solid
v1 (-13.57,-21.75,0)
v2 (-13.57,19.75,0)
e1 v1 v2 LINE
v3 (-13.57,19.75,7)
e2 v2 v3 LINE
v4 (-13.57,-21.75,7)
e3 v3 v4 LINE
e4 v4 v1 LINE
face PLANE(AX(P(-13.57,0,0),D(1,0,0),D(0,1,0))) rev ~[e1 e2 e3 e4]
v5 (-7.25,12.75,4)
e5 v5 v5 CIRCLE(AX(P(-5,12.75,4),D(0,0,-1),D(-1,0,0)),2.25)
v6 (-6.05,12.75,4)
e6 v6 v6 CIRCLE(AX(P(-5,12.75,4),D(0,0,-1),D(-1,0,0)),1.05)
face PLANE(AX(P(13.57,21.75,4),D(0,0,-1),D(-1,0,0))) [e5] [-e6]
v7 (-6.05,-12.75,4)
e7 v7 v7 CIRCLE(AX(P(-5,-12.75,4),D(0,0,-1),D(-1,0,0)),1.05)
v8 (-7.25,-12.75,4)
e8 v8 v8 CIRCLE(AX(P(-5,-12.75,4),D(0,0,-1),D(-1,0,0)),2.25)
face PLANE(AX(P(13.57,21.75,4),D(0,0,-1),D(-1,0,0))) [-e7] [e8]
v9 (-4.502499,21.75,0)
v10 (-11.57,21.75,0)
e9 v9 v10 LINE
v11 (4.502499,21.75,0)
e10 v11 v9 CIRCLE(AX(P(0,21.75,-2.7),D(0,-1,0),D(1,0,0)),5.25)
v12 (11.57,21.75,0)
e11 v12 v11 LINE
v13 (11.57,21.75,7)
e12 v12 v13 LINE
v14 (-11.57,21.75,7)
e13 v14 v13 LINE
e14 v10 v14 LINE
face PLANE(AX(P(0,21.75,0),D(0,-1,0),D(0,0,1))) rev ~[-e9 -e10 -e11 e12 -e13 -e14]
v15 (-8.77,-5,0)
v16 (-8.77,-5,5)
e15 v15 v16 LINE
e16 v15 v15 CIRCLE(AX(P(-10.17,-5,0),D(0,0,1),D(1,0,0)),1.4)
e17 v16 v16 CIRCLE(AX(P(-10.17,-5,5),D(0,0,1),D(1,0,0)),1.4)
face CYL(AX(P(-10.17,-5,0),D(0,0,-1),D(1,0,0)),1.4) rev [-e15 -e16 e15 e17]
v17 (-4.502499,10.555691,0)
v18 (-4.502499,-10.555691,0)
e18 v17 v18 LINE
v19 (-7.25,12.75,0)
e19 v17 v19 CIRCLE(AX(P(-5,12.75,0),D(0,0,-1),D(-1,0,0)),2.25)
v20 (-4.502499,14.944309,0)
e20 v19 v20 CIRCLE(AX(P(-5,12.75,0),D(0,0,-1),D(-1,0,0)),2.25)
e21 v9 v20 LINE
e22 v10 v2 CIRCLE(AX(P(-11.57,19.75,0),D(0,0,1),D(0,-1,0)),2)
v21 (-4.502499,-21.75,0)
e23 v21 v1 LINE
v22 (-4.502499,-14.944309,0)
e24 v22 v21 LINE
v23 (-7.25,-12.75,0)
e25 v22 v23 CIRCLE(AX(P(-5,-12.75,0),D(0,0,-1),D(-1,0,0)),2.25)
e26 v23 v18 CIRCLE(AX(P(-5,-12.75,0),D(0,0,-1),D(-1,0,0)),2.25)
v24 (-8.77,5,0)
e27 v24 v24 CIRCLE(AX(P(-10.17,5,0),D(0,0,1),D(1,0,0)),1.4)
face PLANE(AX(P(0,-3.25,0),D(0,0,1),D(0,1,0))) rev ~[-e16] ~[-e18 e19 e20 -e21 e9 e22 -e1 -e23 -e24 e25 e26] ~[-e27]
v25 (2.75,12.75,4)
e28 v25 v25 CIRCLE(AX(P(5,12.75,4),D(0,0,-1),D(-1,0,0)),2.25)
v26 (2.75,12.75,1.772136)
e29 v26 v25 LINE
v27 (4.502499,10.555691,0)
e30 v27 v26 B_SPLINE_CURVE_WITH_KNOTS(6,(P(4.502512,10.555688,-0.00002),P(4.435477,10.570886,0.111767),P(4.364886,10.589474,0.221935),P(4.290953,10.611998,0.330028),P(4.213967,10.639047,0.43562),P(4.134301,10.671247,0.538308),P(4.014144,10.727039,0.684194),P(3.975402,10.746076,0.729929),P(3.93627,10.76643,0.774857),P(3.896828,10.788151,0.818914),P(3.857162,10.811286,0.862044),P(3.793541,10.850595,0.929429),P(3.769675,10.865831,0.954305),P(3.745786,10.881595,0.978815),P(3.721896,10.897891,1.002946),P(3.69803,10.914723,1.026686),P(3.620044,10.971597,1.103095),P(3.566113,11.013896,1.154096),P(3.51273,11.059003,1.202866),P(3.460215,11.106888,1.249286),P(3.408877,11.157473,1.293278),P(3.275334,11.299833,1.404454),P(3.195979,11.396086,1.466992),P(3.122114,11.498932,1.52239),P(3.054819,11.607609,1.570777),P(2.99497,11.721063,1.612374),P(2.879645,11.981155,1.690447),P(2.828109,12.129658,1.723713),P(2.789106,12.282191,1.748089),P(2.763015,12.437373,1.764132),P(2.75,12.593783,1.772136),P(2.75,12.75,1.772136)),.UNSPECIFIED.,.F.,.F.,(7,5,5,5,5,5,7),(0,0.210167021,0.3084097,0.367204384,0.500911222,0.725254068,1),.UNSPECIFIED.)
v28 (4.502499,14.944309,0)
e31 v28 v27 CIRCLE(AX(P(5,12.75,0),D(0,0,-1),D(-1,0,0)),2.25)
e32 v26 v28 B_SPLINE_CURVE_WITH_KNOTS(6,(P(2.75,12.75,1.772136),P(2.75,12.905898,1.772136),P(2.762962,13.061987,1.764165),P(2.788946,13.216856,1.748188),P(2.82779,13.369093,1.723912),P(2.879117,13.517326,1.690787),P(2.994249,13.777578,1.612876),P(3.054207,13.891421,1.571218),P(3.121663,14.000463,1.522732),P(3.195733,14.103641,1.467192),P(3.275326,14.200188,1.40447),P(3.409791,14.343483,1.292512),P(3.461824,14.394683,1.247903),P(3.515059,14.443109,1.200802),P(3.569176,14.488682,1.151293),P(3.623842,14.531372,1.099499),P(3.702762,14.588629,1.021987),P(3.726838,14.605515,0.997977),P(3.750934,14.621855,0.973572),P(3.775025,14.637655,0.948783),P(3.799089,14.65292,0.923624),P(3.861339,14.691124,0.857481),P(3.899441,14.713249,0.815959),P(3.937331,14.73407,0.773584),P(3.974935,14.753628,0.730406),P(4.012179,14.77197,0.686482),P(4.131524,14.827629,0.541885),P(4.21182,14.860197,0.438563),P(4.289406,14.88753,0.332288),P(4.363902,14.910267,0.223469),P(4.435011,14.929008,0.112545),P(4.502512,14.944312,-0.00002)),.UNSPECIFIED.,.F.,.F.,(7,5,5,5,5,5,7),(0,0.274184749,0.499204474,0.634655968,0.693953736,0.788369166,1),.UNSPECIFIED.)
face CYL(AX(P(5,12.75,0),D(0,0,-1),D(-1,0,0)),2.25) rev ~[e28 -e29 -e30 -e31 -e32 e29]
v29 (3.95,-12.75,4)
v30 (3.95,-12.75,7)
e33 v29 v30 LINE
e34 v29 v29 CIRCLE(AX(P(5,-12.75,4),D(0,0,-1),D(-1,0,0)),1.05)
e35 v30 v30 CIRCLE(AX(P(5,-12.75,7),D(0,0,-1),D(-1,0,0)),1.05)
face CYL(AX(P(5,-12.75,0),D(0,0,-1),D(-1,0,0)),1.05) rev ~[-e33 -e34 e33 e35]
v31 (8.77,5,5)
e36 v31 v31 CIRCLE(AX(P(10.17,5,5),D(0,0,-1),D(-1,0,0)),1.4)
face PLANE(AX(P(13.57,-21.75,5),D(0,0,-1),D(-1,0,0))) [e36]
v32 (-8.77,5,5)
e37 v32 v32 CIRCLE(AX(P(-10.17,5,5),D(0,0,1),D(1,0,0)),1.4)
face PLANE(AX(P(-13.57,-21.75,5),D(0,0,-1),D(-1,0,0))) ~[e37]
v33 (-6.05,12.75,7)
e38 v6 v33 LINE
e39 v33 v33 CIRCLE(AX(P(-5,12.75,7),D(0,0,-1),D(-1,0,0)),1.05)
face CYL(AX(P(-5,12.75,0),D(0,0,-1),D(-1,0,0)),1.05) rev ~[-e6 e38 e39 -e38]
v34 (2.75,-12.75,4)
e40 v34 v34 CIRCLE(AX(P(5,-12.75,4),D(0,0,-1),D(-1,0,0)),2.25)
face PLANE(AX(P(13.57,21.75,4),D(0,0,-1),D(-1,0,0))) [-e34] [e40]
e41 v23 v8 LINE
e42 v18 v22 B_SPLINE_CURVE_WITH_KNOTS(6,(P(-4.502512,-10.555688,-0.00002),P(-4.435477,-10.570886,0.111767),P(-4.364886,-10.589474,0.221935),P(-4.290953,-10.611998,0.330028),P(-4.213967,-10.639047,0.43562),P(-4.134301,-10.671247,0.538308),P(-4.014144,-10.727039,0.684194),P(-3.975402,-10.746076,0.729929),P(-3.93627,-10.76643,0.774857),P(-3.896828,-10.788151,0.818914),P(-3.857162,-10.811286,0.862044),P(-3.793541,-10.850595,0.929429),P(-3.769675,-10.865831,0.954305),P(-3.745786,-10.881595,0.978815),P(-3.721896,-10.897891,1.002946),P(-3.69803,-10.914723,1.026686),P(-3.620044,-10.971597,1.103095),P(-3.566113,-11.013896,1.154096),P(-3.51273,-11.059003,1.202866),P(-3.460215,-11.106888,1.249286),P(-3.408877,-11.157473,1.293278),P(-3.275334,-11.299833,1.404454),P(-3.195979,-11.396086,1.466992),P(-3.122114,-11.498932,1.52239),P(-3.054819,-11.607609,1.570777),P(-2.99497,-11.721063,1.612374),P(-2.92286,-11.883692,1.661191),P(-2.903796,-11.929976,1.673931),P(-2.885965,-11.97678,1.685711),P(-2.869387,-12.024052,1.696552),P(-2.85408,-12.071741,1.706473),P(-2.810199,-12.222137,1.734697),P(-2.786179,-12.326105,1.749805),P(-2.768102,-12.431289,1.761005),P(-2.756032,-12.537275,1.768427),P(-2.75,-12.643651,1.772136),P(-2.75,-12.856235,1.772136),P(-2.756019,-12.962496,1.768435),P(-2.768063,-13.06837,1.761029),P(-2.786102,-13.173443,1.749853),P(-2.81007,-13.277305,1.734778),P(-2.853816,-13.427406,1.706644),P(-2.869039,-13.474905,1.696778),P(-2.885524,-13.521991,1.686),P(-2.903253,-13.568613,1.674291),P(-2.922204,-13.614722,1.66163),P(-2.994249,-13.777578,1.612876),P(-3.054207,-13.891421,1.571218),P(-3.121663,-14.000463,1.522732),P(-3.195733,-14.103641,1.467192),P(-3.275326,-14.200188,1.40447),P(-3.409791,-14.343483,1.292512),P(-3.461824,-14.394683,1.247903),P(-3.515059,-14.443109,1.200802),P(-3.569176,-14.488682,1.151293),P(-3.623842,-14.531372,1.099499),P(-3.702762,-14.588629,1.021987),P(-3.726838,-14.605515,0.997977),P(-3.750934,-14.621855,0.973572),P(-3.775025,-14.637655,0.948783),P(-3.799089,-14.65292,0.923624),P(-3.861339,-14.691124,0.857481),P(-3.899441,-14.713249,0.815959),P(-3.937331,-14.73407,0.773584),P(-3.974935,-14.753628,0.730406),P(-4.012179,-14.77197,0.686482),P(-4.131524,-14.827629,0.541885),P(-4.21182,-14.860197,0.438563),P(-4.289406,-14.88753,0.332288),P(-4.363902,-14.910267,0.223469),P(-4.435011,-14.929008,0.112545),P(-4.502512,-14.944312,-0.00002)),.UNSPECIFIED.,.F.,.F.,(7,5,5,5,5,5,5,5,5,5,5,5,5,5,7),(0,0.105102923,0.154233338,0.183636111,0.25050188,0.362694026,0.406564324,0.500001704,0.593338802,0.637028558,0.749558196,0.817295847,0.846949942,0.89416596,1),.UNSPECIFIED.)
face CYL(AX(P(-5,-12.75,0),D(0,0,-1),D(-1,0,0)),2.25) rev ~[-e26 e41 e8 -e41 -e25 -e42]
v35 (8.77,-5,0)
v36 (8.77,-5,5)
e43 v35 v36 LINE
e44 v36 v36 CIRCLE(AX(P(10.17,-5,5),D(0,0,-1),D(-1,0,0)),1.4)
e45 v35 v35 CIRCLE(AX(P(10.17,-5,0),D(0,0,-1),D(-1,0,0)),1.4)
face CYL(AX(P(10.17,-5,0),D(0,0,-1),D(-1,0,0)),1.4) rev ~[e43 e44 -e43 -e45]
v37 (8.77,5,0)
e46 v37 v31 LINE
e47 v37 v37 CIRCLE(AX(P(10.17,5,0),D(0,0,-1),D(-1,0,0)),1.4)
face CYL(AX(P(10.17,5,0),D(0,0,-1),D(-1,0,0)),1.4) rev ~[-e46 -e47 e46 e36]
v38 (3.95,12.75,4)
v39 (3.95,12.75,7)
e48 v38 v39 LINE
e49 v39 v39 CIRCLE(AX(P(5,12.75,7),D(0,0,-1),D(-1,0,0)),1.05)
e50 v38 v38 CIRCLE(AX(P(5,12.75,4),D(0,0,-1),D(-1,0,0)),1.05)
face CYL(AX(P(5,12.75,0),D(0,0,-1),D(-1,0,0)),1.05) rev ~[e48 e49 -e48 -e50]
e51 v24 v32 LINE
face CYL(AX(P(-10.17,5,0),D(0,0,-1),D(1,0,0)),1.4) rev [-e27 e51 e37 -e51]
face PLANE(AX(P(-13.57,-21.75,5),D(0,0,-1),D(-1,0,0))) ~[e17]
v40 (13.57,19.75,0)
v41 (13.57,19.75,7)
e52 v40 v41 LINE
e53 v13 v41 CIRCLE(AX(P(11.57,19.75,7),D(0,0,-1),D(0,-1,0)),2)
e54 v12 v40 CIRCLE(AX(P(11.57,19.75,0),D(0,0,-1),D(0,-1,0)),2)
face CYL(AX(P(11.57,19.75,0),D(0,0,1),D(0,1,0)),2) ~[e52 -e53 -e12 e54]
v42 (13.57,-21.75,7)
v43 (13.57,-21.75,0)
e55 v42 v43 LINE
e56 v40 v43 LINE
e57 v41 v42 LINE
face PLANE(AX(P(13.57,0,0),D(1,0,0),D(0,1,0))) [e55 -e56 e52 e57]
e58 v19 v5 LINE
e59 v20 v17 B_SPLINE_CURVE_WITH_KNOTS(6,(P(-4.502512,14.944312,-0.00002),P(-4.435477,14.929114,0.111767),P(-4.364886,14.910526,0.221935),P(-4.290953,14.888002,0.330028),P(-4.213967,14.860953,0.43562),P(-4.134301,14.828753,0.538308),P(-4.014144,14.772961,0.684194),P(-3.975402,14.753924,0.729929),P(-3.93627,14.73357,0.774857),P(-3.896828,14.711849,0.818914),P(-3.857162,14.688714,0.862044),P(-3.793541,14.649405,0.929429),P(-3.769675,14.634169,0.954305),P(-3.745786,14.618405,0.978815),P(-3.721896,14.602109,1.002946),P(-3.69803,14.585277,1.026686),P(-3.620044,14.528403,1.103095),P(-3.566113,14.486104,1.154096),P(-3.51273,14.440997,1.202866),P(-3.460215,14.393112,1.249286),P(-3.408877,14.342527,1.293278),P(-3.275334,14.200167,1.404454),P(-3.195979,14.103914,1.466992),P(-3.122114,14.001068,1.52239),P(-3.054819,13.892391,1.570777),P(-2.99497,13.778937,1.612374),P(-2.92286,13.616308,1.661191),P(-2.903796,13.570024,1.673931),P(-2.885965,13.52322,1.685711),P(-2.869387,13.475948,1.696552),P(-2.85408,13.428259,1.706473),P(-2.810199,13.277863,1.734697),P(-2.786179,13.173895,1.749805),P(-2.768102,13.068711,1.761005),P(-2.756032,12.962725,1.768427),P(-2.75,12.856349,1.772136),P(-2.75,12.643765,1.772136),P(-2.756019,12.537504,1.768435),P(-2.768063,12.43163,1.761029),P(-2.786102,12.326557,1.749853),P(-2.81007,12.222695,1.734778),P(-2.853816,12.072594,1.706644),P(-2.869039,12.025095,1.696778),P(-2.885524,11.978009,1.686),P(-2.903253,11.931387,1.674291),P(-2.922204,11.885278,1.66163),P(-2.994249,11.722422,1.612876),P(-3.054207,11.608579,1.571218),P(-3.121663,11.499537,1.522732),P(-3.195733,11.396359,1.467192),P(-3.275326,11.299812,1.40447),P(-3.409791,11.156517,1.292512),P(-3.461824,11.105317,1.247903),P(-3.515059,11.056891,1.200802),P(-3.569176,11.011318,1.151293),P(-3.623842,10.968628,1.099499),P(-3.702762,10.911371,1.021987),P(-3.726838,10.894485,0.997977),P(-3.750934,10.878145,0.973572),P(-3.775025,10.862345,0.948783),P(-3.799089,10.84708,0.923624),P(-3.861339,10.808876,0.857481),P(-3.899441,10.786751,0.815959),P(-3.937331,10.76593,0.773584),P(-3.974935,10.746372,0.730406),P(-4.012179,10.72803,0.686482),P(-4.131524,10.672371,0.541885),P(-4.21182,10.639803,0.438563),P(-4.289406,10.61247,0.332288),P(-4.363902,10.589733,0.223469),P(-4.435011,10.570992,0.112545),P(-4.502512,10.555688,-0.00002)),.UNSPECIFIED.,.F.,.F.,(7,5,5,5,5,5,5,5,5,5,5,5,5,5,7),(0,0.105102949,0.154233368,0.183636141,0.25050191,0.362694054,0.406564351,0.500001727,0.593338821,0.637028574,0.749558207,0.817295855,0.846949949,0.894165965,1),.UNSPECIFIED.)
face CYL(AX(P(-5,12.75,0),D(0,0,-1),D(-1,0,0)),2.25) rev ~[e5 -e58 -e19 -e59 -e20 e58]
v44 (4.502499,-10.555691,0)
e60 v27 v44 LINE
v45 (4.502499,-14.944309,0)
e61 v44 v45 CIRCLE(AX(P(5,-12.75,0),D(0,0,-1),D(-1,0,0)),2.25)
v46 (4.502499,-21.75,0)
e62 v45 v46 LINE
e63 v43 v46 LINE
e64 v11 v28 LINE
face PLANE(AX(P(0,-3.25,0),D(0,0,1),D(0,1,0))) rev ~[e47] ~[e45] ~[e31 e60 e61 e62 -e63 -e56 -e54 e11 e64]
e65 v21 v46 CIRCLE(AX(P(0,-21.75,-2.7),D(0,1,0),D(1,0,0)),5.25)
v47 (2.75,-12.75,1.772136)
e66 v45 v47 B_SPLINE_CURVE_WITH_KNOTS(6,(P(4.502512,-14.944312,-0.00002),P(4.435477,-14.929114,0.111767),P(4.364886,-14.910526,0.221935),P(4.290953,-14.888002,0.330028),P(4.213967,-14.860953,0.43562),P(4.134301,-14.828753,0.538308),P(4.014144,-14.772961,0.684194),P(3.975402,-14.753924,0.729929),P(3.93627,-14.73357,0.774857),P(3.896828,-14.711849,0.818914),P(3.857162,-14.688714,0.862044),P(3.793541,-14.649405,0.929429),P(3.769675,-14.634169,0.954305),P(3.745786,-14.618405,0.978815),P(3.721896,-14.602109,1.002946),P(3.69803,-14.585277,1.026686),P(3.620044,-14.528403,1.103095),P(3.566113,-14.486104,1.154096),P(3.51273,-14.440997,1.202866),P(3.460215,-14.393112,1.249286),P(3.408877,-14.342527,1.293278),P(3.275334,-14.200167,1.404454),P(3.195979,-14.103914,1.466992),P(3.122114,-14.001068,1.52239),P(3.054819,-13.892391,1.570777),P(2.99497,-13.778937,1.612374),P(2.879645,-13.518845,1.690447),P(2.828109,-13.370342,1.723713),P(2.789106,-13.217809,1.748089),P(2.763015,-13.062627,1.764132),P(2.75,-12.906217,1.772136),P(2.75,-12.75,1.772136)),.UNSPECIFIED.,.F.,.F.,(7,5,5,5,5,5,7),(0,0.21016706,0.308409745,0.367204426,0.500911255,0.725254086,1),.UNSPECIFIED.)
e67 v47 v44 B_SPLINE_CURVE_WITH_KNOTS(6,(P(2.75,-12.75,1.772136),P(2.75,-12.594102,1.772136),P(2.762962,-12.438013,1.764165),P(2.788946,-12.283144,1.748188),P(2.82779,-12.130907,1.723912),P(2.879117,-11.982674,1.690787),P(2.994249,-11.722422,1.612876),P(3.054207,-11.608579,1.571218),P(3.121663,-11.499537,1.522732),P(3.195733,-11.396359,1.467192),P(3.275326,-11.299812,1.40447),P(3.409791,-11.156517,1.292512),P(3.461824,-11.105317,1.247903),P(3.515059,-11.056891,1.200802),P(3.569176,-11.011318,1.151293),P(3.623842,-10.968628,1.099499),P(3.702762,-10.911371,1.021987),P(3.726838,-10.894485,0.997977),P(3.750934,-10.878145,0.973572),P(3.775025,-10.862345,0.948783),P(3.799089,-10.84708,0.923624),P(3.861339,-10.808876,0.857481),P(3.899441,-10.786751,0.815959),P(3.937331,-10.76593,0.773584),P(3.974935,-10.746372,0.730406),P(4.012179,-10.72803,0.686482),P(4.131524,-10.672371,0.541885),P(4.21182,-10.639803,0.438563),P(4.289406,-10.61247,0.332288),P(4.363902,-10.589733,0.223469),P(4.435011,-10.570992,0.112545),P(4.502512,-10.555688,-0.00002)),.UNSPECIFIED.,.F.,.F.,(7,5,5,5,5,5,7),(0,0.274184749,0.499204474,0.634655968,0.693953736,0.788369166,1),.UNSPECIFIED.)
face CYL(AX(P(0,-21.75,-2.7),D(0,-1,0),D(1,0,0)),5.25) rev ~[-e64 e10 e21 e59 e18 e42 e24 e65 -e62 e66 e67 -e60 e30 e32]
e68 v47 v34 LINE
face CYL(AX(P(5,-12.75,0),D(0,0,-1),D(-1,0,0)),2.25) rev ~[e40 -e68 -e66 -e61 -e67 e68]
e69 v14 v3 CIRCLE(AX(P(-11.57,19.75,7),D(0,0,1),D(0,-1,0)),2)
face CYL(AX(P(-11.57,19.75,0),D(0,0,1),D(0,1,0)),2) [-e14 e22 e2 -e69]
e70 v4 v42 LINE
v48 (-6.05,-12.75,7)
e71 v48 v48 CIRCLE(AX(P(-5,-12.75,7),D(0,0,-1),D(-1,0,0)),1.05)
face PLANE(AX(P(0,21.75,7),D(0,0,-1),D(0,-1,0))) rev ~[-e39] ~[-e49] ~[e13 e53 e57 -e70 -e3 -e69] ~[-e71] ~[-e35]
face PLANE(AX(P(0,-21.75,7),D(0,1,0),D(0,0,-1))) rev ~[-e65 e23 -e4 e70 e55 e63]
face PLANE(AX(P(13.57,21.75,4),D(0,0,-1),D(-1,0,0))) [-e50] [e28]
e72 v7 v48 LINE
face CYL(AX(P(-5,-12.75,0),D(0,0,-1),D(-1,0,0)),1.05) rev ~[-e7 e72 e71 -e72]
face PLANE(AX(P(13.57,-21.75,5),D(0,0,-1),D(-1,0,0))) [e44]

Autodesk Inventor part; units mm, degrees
ref_plane "YZ Plane" through (0, 0, 0) normal (1, 0, 0) x (0, 1, 0)
ref_plane "XZ Plane" through (0, 0, 0) normal (0, 1, 0) x (-1, 0, 0)
ref_plane "XY Plane" through (0, 0, 0) normal (0, 0, 1) x (1, 0, 0)
sketch "스케치1" plane through (0, 0, 0) normal (1, 0, 0) x (0, 1, 0)
  line L0 (21.75, 7) -> (-21.75, 7)
  line L1 (-21.75, 7) -> (-21.75, 0)
  line L2 (-21.75, 0) -> (-3.25, 0)
  line L3 (-3.25, 0) -> (-3.25, 0)
  line L4 (-3.25, 0) -> (21.75, 0)
  line L5 (21.75, 0) -> (21.75, 7)
  point P0 (0, 0)
  point P1 (0, 7)
  dimension "d0" = 43.5
  dimension "d1" = 25
  dimension "d2" = 7
  dimension "d3" = 7
extrude "돌출1" add sketch "스케치1" along normal mid plane 27.14
sketch "스케치2" plane through (13.57, 21.75, 0) normal (0, 0, -1) x (-1, 0, 0)
  circle A0 centre (8.57, -9) radius 1.05
  circle A1 centre (18.57, -9) radius 1.05
  circle A2 centre (8.57, -34.5) radius 1.05
  circle A3 centre (18.57, -34.5) radius 1.05
  line L0 (8.57, -9) -> (18.57, -9) construction
  line L1 (8.57, -34.5) -> (18.57, -34.5) construction
  line L2 (27.14, -43.5) -> (0, -43.5) projected
  point P0 (13.57, -21.75)
  point P1 (13.57, -34.5)
  point P2 (13.57, -9)
  dimension "d41" = 2.1
  dimension "d42" = 2.1
  dimension "d43" = 2.1
  dimension "d44" = 2.1
  dimension "d45" = 25.5
  dimension "d46" = 9
  dimension "d47" = 10
  dimension "d48" = 10
extrude "돌출2" cut sketch "스케치2" against normal through all
sketch "스케치3" plane through (13.57, 21.75, 0) normal (0, 0, -1) x (-1, 0, 0)
  circle A0 centre (18.57, -34.5) radius 1.05 projected
  circle A1 centre (18.57, -9) radius 1.05 projected
  circle A2 centre (8.57, -34.5) radius 1.05 projected
  circle A3 centre (8.57, -9) radius 1.05 projected
  line L0 (27.14, 0) -> (0, 0) projected
  line L1 (0, -43.5) -> (0, 0) projected
  line L2 (27.14, -43.5) -> (0, -43.5) projected
  line L3 (27.14, 0) -> (27.14, -43.5) projected
  circle A4 centre (8.57, -9) radius 1.05 projected
  circle A5 centre (8.57, -9) radius 2.25
  circle A6 centre (18.57, -9) radius 2.25
  circle A7 centre (8.57, -34.5) radius 1.05 projected
  circle A8 centre (8.57, -34.5) radius 2.25
  circle A9 centre (18.57, -34.5) radius 2.25
  point P0 (13.57, -21.75)
  dimension "d51" = 4.5
  dimension "d52" = 4.5
  dimension "d53" = 4.5
  dimension "d54" = 4.5
extrude "돌출3" cut sketch "스케치3" against normal blind 4 contours A5 | A6 | A8 | A9
sketch "스케치4" plane through (-13.57, -21.75, 0) normal (0, -1, 0) x (1, 0, 0)
  circle A0 centre (13.57, -2.7) radius 5.25
  line L0 (0, 0) -> (27.14, 0) projected
  line L1 (0, 0) -> (27.14, 0) projected
  point P0 (13.57, 0)
  point P1 (13.57, 0)
  point P2 (13.57, 0)
  dimension "d67" = 10.5
  dimension "d68" = 2.7
extrude "돌출4" cut sketch "스케치4" against normal through all
sketch "스케치5" plane through (13.57, -21.75, 0) normal (0, 0, -1) x (-1, 0, 0)
  line L0 (9.0675, 0) -> (9.0675, 6.8057) projected
  arc A0 (9.0675, 11.1943) -> (9.0675, 6.8057) centre (8.57, 9) ccw projected
  line L1 (9.0675, 11.1943) -> (9.0675, 32.3057) projected
  arc A1 (9.0675, 36.6943) -> (9.0675, 32.3057) centre (8.57, 34.5) ccw projected
  line L2 (9.0675, 36.6943) -> (9.0675, 43.5) projected
  line L3 (9.0675, 43.5) -> (0, 43.5) projected
  line L4 (0, 0) -> (0, 43.5) projected
  line L5 (9.0675, 0) -> (0, 0) projected
  circle A2 centre (3.4, 26.75) radius 1.4
  circle A3 centre (3.4, 16.75) radius 1.4
  line L6 (9.0675, 0) -> (0, 0) projected
  point P0 (13.57, 21.75)
  point P1 (4.5338, 0)
  point P2 (4.5338, 0)
  dimension "d71" = 2.8
  dimension "d72" = 2.8
  dimension "d78" = 3.4
  dimension "d79" = 26.75
  dimension "d80" = 16.75
extrude "돌출5" cut sketch "스케치5" against normal blind 5 contours A2 | A3
mirror "미러1" about plane through (0, 0, 0) normal (1, 0, 0) of "돌출5"
fillet "모깎기2" radius 2 2 edges at (13.57, 21.75, 3.5) (-13.57, 21.75, 3.5)
ref_plane "작업 평면1" through (0, 0, 0) normal (1, 0, 0) x (0, 1, 0)
properties part number "end_arm_수정"
